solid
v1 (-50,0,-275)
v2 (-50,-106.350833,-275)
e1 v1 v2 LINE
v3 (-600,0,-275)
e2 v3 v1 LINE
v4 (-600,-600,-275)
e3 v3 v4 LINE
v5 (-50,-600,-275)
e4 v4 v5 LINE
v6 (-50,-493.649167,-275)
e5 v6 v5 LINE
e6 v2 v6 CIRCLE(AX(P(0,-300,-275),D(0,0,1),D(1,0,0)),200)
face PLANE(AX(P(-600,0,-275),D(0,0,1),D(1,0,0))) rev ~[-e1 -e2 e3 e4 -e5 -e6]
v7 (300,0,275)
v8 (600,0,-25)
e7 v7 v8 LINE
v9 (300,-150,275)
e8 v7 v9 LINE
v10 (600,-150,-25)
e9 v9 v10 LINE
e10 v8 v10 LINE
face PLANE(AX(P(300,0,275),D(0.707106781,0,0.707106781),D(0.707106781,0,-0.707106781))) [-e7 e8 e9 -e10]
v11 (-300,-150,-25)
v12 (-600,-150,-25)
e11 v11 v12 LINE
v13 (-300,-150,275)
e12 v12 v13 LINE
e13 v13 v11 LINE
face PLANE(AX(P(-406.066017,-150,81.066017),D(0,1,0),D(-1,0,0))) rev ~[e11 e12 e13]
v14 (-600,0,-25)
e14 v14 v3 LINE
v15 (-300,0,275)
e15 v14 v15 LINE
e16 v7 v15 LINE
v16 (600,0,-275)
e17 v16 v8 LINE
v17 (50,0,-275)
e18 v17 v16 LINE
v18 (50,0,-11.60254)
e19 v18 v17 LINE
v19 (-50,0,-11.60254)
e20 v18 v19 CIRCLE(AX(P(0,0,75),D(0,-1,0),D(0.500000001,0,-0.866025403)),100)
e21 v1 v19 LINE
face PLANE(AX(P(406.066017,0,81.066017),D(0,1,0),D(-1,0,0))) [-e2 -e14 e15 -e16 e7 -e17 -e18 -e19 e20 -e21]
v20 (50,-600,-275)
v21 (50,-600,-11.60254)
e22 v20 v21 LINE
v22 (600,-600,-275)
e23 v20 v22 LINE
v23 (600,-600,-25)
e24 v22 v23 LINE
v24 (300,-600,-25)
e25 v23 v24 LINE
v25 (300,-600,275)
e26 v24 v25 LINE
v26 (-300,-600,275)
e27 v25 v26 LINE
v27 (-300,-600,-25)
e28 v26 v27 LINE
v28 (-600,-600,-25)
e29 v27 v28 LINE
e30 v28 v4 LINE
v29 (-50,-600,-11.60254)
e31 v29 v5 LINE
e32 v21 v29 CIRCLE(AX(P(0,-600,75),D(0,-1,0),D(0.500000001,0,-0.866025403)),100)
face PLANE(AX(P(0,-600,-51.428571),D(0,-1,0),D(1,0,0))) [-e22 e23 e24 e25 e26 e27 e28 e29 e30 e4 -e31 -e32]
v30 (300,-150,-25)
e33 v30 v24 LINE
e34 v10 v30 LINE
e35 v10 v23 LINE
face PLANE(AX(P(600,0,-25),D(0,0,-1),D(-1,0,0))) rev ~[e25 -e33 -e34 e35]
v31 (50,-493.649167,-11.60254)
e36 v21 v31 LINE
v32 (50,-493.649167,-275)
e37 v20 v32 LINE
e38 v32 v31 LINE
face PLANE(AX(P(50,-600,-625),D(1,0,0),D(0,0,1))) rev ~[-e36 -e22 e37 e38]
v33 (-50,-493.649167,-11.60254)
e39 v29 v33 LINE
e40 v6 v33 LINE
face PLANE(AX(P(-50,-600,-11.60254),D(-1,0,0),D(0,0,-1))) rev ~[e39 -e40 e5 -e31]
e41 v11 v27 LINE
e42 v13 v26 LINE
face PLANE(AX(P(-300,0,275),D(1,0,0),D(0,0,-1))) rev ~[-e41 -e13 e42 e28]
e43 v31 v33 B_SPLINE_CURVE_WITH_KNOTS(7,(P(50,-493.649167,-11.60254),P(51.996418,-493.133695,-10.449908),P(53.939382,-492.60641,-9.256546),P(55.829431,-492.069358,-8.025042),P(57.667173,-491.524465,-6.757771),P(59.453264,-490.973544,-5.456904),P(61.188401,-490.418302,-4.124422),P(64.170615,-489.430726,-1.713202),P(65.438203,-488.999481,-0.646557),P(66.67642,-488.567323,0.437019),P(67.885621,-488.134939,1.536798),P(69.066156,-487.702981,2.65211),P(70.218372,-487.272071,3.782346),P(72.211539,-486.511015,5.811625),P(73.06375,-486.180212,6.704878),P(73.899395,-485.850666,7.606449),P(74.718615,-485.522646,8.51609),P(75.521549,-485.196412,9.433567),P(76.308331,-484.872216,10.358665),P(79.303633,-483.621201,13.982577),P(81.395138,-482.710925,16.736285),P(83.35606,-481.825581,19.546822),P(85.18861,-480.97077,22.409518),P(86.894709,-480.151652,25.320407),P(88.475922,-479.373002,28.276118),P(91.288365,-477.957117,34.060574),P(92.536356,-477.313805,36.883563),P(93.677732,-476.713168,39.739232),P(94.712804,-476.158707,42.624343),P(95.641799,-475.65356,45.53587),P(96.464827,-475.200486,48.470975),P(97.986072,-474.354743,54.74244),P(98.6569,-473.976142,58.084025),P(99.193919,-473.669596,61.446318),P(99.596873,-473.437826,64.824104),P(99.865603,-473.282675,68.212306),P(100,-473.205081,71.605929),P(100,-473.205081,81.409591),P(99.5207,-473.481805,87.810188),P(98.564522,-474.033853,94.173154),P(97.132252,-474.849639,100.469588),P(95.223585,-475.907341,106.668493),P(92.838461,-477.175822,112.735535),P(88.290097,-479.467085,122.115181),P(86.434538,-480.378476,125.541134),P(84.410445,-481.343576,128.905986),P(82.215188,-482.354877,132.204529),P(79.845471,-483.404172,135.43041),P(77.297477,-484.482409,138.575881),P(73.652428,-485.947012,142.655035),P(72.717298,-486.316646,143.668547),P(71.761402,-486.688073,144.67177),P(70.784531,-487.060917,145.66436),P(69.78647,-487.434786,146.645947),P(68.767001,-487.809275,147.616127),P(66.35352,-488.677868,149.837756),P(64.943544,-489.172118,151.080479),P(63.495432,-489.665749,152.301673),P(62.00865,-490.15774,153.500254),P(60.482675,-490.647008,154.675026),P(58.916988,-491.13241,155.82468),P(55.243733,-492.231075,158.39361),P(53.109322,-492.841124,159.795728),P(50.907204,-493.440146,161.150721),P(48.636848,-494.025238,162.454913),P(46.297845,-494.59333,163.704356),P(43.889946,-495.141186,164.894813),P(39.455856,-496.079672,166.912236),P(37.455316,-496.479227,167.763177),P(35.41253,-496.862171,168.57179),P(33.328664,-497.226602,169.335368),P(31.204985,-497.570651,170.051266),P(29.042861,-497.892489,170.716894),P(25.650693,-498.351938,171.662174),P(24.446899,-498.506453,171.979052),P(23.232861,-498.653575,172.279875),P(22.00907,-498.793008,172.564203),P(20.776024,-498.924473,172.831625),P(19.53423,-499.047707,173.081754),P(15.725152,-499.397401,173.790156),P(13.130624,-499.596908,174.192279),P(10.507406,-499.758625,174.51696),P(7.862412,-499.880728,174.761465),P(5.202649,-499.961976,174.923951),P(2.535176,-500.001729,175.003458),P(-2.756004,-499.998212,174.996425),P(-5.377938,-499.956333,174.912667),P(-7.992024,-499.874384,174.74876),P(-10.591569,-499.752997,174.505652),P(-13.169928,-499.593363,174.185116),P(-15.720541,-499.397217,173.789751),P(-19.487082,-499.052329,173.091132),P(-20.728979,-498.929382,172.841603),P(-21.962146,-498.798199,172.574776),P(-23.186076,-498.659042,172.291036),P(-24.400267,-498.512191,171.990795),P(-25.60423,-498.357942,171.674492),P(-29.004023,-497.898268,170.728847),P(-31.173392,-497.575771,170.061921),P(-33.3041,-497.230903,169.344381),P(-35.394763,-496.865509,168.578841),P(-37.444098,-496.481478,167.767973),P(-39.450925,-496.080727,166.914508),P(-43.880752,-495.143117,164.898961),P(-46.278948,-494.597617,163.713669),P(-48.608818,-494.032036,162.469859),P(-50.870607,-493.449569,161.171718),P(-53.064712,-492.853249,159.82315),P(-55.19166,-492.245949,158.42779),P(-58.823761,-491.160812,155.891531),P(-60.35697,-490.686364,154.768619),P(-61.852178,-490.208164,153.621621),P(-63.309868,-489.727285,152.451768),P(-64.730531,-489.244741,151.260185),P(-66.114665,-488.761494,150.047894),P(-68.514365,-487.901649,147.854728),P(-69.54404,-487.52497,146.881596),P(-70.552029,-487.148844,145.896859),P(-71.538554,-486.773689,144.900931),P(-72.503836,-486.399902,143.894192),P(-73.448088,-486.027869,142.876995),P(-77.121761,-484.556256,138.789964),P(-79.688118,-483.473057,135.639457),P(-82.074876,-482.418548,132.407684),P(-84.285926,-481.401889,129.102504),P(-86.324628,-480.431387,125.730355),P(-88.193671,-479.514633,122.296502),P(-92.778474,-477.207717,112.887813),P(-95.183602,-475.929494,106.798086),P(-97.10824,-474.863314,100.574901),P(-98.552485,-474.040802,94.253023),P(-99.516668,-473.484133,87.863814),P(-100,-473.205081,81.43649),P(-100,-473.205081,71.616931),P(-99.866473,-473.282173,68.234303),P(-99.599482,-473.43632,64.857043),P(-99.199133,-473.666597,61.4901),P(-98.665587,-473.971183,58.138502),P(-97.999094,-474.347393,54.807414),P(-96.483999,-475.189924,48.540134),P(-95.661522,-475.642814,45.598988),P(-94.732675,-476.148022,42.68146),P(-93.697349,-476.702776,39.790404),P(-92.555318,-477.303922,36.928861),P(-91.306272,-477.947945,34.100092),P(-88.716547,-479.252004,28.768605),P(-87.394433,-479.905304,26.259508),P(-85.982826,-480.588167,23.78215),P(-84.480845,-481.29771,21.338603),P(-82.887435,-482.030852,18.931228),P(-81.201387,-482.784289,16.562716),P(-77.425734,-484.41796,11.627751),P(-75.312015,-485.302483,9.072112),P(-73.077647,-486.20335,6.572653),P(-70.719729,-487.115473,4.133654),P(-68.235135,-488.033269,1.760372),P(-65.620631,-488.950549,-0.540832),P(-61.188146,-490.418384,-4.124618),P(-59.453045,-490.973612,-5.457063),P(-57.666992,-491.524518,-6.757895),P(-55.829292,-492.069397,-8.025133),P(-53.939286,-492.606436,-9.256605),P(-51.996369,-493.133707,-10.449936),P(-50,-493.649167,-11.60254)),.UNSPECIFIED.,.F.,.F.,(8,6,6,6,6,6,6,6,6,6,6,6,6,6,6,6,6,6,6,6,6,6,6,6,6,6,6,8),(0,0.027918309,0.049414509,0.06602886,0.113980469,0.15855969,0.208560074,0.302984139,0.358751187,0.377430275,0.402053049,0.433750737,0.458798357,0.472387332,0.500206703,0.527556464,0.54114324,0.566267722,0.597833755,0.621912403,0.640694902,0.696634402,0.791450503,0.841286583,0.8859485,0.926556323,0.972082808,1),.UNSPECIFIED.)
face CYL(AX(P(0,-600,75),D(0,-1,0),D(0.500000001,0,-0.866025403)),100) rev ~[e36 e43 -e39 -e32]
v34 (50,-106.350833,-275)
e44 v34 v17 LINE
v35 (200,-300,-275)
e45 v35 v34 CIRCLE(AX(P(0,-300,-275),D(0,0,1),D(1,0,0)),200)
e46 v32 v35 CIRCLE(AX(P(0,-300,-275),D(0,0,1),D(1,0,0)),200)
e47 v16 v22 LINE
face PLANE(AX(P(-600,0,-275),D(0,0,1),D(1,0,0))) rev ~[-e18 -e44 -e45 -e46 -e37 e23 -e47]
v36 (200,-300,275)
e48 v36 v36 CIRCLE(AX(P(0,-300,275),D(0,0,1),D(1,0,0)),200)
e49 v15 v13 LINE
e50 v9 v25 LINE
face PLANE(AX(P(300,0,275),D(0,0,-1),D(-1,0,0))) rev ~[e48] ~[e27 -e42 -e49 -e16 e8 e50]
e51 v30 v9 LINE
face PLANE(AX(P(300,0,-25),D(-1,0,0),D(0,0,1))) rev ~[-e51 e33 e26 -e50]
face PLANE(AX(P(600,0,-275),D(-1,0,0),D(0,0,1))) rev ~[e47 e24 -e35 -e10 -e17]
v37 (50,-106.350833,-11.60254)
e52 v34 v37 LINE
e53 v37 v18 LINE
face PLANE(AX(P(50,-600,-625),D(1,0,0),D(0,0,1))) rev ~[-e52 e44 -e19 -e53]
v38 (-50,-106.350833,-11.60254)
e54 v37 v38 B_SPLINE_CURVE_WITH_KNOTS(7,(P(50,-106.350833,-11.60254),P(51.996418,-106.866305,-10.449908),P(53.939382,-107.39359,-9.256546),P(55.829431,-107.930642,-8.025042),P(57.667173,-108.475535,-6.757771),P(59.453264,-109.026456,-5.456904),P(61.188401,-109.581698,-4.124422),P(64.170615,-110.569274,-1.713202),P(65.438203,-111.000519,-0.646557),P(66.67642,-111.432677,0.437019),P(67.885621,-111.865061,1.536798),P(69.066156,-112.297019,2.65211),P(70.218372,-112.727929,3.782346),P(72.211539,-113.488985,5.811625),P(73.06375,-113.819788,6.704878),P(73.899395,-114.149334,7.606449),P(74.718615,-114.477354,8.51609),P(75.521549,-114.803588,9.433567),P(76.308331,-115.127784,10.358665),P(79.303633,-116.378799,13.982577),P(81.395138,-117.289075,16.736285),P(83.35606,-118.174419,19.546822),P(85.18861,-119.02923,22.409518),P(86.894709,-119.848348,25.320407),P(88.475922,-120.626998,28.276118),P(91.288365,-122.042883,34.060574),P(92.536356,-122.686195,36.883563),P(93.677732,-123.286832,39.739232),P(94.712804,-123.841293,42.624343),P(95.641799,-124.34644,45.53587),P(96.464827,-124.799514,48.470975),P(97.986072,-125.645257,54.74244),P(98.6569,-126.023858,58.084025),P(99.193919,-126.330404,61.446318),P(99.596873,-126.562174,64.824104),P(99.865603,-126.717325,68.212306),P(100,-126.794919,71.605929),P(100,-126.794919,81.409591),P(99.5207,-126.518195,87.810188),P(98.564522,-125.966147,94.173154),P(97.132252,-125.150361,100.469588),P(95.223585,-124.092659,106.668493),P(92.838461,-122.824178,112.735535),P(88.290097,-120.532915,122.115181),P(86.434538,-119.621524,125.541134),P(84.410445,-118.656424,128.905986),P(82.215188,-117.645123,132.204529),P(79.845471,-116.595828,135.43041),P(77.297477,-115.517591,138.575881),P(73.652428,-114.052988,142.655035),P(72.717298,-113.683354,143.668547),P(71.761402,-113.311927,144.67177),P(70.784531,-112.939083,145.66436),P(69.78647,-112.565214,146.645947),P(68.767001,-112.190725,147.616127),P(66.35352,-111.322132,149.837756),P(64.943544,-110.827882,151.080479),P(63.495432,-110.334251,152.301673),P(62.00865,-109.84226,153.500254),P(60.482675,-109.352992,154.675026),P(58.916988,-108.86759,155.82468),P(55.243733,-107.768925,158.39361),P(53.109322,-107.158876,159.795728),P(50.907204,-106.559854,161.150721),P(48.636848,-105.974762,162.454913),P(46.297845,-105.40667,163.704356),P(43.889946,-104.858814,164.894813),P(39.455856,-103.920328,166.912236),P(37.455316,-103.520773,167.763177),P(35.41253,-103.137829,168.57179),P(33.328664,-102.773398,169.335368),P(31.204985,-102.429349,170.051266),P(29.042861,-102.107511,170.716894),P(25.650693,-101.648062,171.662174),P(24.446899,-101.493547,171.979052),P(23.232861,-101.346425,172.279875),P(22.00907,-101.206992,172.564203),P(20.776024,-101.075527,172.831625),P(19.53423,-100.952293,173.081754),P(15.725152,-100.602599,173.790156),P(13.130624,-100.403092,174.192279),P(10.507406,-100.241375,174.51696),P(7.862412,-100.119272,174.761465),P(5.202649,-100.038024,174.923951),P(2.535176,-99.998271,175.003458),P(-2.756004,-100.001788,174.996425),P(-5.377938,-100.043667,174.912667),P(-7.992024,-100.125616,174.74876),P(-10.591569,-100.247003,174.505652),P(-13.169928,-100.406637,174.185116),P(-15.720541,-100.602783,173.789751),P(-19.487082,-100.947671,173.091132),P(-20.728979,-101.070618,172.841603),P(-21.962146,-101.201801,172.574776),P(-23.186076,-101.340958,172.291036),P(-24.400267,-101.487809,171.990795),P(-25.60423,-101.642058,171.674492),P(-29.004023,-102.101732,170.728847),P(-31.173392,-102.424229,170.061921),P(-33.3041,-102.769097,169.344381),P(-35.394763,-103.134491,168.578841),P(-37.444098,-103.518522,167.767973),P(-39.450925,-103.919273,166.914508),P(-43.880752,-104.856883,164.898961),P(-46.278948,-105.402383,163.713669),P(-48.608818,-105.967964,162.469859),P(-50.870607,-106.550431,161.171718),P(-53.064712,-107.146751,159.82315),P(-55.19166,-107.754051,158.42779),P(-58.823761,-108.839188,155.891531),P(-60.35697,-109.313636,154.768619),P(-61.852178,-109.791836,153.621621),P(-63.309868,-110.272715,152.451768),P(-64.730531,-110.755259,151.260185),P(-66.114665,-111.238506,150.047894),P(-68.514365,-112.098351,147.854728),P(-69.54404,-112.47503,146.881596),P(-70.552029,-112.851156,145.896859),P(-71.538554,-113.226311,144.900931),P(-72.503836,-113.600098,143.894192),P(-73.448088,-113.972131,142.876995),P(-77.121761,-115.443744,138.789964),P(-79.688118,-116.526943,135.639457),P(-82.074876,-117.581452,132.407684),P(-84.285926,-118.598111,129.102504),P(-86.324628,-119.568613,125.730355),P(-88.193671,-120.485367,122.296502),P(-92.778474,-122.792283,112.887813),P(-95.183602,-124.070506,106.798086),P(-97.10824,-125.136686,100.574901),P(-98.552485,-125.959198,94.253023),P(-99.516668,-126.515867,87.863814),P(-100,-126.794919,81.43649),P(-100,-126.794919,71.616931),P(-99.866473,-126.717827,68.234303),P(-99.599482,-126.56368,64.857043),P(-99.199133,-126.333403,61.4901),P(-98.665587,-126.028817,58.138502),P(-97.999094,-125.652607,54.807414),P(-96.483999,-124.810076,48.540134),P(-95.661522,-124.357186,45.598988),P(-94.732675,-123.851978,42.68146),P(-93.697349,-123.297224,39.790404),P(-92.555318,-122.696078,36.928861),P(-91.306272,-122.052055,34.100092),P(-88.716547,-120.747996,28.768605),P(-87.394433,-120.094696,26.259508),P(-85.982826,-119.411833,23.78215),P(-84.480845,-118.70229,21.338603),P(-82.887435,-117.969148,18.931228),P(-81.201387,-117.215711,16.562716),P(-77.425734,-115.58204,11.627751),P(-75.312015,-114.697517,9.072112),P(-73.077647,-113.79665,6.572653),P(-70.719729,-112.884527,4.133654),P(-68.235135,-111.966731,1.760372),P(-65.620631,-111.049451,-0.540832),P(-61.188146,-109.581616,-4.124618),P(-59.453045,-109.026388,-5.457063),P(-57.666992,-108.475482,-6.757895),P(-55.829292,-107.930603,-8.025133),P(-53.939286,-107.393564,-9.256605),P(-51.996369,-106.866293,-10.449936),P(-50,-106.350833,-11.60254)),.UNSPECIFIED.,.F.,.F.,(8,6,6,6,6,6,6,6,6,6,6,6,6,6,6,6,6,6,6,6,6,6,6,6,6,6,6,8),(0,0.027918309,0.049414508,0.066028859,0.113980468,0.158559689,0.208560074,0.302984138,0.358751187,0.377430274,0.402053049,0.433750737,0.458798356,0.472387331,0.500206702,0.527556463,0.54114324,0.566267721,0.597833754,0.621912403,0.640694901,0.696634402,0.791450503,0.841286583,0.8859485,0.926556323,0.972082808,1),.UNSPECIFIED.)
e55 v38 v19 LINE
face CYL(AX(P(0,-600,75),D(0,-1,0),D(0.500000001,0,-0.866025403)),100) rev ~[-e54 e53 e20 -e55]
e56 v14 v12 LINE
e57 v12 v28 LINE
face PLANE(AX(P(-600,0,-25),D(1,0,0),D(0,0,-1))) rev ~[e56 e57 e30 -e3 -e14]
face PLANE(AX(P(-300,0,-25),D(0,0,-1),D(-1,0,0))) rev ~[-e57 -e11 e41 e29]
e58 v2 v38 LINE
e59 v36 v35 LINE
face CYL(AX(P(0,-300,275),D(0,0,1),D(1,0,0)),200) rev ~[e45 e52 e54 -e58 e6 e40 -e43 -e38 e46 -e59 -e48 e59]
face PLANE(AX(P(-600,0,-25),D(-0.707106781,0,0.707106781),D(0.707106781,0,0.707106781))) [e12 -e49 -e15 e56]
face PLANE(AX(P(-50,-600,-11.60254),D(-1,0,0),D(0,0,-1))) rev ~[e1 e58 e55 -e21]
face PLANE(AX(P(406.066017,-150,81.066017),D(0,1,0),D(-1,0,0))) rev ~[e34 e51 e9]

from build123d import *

# Parameters (mm, degrees)
F1_DEPTH = 600
F3_DEPTH = 150
F5_DEPTH = 600.001
F6_R     = 200
F7_DEPTH = 550.001


with BuildPart() as f1:
    # F0 (on Front) → F1 (new body)
    with BuildSketch(Plane.XZ):
        Polygon((-600, -25), (-600, -275), (600, -275), (600, -25), (300, -25), (300, 275), (-300, 275), (-300, -25), align=None)
    extrude(amount=F1_DEPTH)

    # F2 (on face) → F3 (join)
    with BuildSketch(Plane(origin=(0, 0, 0), x_dir=(-1, 0, 0), z_dir=(0, 1, 0))):
        Polygon((-300, -25), (-300, 275), (-600, -25), align=None)
        Polygon((600, -25), (300, 275), (300, -25), align=None)
    extrude(amount=-F3_DEPTH)

    # F4 (on face) → F5 (cut, through all)
    with BuildSketch(Plane.XZ.offset(600)):
        with BuildLine():
            Line((50, -625), (50, -11.60254))
            ThreePointArc((50, -11.60254), (0, 175), (-50, -11.60254))
            Line((-50, -11.60254), (-50, -625))
            Line((-50, -625), (50, -625))
        make_face()
    extrude(amount=-F5_DEPTH, mode=Mode.SUBTRACT)

    # F6 (on face) → F7 (cut, through all)
    with BuildSketch(Plane.XY.offset(275)):
        with Locations((0, -300)):
            Circle(F6_R)
    extrude(amount=-F7_DEPTH, mode=Mode.SUBTRACT)


solid = f1.part
